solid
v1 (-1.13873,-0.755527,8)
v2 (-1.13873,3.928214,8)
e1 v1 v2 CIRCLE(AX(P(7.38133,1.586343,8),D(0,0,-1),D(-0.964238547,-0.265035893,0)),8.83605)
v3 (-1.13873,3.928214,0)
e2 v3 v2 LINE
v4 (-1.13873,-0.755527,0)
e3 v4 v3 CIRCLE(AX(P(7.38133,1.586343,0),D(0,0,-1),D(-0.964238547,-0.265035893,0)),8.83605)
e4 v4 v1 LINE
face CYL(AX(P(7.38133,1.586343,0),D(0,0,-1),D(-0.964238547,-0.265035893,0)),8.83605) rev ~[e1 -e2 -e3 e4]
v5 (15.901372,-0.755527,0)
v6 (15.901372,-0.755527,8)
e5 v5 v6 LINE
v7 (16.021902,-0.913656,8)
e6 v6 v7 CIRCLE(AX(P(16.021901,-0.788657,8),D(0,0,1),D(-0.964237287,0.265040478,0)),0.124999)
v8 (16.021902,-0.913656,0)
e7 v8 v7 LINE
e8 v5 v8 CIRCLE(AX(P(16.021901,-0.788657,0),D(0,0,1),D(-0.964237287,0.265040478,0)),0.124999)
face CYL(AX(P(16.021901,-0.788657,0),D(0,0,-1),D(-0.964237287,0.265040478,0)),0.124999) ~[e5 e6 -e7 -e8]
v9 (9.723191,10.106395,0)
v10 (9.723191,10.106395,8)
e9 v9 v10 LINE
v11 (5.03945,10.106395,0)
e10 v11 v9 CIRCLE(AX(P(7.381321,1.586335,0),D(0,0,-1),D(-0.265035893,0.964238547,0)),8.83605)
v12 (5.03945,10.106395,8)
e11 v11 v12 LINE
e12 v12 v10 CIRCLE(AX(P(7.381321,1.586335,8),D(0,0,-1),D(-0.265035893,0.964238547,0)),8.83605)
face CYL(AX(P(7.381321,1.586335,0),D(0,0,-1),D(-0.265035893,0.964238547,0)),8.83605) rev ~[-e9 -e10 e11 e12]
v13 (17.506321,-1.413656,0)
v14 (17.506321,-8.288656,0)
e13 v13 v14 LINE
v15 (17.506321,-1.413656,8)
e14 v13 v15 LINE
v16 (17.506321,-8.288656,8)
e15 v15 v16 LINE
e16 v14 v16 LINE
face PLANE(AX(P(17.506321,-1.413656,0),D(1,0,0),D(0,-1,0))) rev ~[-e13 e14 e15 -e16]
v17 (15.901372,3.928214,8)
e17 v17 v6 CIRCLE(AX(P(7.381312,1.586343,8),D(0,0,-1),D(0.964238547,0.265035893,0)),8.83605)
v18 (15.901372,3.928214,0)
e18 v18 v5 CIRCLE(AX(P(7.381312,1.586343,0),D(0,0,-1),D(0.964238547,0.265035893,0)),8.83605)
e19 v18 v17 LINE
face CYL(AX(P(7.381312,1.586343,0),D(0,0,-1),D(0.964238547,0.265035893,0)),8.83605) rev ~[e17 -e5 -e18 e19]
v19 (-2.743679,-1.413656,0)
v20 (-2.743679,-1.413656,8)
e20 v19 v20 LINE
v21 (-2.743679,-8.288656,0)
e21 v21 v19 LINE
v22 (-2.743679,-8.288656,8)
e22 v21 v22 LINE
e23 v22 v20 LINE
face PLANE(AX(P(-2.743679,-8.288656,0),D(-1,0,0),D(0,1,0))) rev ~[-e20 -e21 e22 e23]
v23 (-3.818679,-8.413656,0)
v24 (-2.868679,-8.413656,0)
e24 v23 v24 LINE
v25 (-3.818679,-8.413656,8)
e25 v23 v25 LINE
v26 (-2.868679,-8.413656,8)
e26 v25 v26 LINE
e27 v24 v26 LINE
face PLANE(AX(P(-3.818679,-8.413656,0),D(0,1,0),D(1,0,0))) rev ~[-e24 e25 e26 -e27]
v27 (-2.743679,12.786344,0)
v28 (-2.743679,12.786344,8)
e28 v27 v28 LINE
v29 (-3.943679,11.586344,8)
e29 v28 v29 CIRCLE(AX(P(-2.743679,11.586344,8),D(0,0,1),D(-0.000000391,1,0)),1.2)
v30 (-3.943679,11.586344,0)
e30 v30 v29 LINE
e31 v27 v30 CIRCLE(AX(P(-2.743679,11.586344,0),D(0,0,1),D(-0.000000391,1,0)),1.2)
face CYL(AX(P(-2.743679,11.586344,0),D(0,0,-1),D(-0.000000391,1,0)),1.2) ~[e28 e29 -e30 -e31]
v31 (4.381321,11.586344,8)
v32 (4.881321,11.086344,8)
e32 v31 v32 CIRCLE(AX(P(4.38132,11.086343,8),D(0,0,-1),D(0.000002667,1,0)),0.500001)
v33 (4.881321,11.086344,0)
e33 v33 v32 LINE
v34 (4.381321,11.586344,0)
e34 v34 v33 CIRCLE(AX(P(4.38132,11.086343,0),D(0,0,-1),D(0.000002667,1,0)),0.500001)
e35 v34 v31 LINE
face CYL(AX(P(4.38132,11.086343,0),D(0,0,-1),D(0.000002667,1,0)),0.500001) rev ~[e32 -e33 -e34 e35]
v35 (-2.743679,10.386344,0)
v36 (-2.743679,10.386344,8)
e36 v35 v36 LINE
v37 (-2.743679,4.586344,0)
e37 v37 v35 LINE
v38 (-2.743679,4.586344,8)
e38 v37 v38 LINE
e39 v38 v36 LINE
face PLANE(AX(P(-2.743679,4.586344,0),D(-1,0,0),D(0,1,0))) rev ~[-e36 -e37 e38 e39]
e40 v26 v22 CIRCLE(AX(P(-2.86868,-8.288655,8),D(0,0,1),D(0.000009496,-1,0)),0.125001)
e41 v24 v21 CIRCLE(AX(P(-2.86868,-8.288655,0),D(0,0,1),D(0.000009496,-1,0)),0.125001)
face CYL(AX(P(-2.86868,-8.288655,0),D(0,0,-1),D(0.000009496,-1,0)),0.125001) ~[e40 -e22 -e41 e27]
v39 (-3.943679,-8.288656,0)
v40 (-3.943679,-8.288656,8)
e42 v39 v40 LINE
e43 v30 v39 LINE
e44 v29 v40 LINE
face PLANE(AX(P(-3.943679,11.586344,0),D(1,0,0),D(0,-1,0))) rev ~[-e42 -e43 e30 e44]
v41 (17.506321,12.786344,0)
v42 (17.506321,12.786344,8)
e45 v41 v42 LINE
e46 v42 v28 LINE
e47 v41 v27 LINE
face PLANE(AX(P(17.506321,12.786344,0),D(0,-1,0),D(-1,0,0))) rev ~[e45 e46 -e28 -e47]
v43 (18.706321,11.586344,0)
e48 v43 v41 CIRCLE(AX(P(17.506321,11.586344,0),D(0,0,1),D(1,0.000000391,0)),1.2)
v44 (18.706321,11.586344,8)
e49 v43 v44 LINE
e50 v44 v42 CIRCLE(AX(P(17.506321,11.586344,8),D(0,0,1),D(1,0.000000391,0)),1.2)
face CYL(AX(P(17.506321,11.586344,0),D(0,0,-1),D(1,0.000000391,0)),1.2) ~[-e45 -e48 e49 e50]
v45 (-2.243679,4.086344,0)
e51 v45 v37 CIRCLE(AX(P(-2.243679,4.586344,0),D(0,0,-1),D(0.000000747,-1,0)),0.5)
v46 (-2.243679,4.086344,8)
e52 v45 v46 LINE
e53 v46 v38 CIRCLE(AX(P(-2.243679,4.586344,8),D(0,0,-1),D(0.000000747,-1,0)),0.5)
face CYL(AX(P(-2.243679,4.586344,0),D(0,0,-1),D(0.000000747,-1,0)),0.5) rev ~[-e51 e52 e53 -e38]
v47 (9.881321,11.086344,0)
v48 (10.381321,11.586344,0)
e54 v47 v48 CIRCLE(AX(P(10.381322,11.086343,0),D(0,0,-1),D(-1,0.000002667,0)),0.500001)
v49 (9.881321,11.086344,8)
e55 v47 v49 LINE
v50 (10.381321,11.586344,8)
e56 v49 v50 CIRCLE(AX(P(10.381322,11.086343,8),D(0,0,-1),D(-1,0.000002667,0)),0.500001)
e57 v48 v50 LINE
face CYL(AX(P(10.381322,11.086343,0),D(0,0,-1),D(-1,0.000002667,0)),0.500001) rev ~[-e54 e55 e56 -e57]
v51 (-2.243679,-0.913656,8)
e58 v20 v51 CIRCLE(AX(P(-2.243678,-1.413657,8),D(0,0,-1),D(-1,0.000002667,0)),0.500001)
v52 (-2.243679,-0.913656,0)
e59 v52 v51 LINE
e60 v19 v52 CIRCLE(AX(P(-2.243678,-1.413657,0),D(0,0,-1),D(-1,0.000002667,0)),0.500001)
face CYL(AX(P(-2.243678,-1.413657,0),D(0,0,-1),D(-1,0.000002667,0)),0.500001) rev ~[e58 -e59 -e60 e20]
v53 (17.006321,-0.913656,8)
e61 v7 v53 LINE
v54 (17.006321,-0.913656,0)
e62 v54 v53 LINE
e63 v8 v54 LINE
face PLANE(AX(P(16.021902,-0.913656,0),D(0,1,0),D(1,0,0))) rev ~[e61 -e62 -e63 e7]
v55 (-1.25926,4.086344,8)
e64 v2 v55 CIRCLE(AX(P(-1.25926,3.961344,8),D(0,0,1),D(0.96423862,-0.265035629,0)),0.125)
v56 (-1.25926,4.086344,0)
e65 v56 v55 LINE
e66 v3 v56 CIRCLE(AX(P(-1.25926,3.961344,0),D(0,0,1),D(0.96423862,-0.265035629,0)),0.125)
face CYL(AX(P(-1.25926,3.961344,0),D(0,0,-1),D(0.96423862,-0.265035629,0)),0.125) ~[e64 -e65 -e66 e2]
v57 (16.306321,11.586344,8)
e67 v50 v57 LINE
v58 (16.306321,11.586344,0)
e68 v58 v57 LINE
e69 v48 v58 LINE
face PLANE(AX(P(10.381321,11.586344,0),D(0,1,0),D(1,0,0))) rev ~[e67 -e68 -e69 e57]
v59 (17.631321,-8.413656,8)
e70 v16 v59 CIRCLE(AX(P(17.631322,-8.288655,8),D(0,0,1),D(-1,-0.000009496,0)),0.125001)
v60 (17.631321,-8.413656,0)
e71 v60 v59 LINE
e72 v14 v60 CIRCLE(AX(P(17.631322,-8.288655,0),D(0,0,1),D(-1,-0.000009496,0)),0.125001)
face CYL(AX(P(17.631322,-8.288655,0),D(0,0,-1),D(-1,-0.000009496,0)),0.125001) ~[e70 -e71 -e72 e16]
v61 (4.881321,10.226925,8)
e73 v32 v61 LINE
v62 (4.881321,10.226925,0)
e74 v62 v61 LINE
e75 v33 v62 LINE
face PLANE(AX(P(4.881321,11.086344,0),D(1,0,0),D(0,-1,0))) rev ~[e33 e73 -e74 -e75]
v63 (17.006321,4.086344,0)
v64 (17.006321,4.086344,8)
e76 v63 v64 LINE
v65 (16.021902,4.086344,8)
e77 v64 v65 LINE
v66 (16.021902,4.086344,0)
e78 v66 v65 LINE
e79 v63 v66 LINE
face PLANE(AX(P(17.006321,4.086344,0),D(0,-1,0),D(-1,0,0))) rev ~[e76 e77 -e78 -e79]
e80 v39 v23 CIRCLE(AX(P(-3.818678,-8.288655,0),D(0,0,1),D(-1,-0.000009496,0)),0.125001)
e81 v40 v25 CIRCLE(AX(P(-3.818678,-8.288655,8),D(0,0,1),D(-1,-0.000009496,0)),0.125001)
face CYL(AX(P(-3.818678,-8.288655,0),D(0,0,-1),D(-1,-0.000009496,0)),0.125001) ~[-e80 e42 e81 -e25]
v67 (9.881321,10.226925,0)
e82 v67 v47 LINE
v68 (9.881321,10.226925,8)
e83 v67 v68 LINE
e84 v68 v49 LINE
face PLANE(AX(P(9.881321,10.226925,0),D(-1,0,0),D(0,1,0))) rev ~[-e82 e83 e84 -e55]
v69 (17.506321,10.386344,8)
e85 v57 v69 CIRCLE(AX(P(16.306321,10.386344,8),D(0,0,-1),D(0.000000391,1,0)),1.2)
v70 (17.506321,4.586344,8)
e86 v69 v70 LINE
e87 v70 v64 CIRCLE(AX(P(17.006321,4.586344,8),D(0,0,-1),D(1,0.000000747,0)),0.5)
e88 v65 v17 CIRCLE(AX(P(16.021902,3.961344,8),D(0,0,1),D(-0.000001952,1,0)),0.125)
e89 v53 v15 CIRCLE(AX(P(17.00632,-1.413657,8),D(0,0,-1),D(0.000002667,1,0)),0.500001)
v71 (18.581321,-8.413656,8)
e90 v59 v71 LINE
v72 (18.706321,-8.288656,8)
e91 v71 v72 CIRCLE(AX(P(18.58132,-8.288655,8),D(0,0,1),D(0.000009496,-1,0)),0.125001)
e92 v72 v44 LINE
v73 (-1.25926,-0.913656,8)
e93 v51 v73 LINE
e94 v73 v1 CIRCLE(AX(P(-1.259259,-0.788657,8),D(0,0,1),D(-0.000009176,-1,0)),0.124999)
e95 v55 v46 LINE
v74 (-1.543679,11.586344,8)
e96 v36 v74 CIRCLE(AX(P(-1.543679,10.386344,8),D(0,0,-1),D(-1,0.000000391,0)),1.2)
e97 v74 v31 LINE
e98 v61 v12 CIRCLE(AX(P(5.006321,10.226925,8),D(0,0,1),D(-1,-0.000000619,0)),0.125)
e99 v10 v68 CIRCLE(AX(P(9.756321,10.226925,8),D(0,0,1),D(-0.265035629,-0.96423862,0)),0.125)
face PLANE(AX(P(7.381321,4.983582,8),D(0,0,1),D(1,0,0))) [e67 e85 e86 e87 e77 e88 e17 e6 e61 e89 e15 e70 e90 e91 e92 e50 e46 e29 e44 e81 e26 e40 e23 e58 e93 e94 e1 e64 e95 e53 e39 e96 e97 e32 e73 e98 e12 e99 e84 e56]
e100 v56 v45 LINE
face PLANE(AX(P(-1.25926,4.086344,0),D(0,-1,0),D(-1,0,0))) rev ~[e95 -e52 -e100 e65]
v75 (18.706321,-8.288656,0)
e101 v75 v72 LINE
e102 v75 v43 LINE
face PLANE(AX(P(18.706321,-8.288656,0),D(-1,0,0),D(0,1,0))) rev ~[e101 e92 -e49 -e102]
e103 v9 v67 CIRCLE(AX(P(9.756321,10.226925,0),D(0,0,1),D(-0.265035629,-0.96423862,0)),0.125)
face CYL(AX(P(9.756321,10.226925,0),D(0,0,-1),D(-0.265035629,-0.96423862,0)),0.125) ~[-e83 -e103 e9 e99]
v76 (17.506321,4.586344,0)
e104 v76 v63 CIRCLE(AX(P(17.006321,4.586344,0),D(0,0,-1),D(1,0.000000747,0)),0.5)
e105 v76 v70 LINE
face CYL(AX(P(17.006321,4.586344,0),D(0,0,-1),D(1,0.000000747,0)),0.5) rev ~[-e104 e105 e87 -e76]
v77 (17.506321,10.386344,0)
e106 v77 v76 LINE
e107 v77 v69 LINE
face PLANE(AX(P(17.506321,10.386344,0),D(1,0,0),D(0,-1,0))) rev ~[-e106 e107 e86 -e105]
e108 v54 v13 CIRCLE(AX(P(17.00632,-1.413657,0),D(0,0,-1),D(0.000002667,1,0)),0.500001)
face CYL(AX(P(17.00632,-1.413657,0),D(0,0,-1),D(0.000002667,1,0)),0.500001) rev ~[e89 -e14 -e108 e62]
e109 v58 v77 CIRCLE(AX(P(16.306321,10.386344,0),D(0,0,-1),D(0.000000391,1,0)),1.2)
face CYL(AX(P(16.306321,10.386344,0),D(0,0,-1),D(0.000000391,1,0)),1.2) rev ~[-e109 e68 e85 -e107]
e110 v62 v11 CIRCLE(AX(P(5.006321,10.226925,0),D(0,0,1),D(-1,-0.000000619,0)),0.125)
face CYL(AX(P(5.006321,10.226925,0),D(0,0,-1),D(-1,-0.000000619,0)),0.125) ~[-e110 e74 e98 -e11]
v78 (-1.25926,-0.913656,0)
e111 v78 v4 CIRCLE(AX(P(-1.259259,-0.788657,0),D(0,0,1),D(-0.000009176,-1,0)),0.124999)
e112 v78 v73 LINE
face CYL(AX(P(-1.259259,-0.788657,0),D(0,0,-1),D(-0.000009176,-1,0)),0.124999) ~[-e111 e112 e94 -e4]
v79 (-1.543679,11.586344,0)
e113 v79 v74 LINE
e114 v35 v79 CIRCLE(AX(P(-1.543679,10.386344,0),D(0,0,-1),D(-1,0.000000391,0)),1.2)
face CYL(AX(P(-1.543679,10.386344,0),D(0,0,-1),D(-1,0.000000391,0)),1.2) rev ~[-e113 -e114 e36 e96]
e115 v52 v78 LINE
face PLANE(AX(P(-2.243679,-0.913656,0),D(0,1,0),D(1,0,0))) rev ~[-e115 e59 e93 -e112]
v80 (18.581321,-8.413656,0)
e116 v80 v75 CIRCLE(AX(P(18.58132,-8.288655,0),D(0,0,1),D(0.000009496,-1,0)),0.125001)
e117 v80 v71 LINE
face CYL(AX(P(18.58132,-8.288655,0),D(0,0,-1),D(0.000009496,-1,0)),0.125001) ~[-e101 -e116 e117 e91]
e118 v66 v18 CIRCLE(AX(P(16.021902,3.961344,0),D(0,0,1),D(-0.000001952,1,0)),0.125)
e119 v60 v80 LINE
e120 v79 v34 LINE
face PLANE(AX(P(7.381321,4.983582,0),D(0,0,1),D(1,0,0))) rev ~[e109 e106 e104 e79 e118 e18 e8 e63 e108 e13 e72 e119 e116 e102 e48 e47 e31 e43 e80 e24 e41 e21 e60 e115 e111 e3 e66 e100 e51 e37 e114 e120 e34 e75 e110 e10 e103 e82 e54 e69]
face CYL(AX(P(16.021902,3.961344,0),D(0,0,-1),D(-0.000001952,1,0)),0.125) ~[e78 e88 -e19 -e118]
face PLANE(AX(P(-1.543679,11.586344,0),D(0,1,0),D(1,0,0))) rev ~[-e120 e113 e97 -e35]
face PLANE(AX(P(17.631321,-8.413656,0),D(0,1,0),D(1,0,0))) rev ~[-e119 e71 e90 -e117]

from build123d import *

# Parameters (mm, degrees)
F1_DEPTH = 8


with BuildPart() as f1:
    # F0 (on Top) → F1 (new body)
    with BuildSketch(Plane.XY):
        with BuildLine():
            Line((-3.943679, 11.586344), (-3.943679, -8.288656))
            ThreePointArc((-3.943679, -8.288656), (-3.907067, -8.377044), (-3.818679, -8.413656))
            Line((-3.818679, -8.413656), (-2.868679, -8.413656))
            ThreePointArc((-2.868679, -8.413656), (-2.780291, -8.377044), (-2.743679, -8.288656))
            Line((-2.743679, -8.288656), (-2.743679, -1.413656))
            ThreePointArc((-2.743679, -1.413656), (-2.597232, -1.060103), (-2.243679, -0.913656))
            Line((-2.243679, -0.913656), (-1.25926, -0.913656))
            ThreePointArc((-1.25926, -0.913656), (-1.159846, -0.864432), (-1.13873, -0.755527))
            ThreePointArc((-1.13873, -0.755527), (-1.45472, 1.586344), (-1.13873, 3.928214))
            ThreePointArc((-1.13873, 3.928214), (-1.159846, 4.037119), (-1.25926, 4.086344))
            Line((-1.25926, 4.086344), (-2.243679, 4.086344))
            ThreePointArc((-2.243679, 4.086344), (-2.597232, 4.23279), (-2.743679, 4.586344))
            Line((-2.743679, 4.586344), (-2.743679, 10.386344))
            ThreePointArc((-2.743679, 10.386344), (-2.392207, 11.234872), (-1.543679, 11.586344))
            Line((-1.543679, 11.586344), (4.381321, 11.586344))
            ThreePointArc((4.381321, 11.586344), (4.734874, 11.439897), (4.881321, 11.086344))
            Line((4.881321, 11.086344), (4.881321, 10.226925))
            ThreePointArc((4.881321, 10.226925), (4.930546, 10.127511), (5.03945, 10.106395))
            ThreePointArc((5.03945, 10.106395), (7.381321, 10.422385), (9.723191, 10.106395))
            ThreePointArc((9.723191, 10.106395), (9.832096, 10.127511), (9.881321, 10.226925))
            Line((9.881321, 10.226925), (9.881321, 11.086344))
            ThreePointArc((9.881321, 11.086344), (10.027768, 11.439897), (10.381321, 11.586344))
            Line((10.381321, 11.586344), (16.306321, 11.586344))
            ThreePointArc((16.306321, 11.586344), (17.154849, 11.234872), (17.506321, 10.386344))
            Line((17.506321, 10.386344), (17.506321, 4.586344))
            ThreePointArc((17.506321, 4.586344), (17.359874, 4.23279), (17.006321, 4.086344))
            Line((17.006321, 4.086344), (16.021902, 4.086344))
            ThreePointArc((16.021902, 4.086344), (15.922488, 4.037119), (15.901372, 3.928214))
            ThreePointArc((15.901372, 3.928214), (16.217362, 1.586344), (15.901372, -0.755527))
            ThreePointArc((15.901372, -0.755527), (15.922488, -0.864432), (16.021902, -0.913656))
            Line((16.021902, -0.913656), (17.006321, -0.913656))
            ThreePointArc((17.006321, -0.913656), (17.359874, -1.060103), (17.506321, -1.413656))
            Line((17.506321, -1.413656), (17.506321, -8.288656))
            ThreePointArc((17.506321, -8.288656), (17.542933, -8.377044), (17.631321, -8.413656))
            Line((17.631321, -8.413656), (18.581321, -8.413656))
            ThreePointArc((18.581321, -8.413656), (18.669709, -8.377044), (18.706321, -8.288656))
            Line((18.706321, -8.288656), (18.706321, 11.586344))
            ThreePointArc((18.706321, 11.586344), (18.354849, 12.434872), (17.506321, 12.786344))
            Line((17.506321, 12.786344), (-2.743679, 12.786344))
            ThreePointArc((-2.743679, 12.786344), (-3.592207, 12.434872), (-3.943679, 11.586344))
        make_face()
    extrude(amount=F1_DEPTH)


solid = f1.part
